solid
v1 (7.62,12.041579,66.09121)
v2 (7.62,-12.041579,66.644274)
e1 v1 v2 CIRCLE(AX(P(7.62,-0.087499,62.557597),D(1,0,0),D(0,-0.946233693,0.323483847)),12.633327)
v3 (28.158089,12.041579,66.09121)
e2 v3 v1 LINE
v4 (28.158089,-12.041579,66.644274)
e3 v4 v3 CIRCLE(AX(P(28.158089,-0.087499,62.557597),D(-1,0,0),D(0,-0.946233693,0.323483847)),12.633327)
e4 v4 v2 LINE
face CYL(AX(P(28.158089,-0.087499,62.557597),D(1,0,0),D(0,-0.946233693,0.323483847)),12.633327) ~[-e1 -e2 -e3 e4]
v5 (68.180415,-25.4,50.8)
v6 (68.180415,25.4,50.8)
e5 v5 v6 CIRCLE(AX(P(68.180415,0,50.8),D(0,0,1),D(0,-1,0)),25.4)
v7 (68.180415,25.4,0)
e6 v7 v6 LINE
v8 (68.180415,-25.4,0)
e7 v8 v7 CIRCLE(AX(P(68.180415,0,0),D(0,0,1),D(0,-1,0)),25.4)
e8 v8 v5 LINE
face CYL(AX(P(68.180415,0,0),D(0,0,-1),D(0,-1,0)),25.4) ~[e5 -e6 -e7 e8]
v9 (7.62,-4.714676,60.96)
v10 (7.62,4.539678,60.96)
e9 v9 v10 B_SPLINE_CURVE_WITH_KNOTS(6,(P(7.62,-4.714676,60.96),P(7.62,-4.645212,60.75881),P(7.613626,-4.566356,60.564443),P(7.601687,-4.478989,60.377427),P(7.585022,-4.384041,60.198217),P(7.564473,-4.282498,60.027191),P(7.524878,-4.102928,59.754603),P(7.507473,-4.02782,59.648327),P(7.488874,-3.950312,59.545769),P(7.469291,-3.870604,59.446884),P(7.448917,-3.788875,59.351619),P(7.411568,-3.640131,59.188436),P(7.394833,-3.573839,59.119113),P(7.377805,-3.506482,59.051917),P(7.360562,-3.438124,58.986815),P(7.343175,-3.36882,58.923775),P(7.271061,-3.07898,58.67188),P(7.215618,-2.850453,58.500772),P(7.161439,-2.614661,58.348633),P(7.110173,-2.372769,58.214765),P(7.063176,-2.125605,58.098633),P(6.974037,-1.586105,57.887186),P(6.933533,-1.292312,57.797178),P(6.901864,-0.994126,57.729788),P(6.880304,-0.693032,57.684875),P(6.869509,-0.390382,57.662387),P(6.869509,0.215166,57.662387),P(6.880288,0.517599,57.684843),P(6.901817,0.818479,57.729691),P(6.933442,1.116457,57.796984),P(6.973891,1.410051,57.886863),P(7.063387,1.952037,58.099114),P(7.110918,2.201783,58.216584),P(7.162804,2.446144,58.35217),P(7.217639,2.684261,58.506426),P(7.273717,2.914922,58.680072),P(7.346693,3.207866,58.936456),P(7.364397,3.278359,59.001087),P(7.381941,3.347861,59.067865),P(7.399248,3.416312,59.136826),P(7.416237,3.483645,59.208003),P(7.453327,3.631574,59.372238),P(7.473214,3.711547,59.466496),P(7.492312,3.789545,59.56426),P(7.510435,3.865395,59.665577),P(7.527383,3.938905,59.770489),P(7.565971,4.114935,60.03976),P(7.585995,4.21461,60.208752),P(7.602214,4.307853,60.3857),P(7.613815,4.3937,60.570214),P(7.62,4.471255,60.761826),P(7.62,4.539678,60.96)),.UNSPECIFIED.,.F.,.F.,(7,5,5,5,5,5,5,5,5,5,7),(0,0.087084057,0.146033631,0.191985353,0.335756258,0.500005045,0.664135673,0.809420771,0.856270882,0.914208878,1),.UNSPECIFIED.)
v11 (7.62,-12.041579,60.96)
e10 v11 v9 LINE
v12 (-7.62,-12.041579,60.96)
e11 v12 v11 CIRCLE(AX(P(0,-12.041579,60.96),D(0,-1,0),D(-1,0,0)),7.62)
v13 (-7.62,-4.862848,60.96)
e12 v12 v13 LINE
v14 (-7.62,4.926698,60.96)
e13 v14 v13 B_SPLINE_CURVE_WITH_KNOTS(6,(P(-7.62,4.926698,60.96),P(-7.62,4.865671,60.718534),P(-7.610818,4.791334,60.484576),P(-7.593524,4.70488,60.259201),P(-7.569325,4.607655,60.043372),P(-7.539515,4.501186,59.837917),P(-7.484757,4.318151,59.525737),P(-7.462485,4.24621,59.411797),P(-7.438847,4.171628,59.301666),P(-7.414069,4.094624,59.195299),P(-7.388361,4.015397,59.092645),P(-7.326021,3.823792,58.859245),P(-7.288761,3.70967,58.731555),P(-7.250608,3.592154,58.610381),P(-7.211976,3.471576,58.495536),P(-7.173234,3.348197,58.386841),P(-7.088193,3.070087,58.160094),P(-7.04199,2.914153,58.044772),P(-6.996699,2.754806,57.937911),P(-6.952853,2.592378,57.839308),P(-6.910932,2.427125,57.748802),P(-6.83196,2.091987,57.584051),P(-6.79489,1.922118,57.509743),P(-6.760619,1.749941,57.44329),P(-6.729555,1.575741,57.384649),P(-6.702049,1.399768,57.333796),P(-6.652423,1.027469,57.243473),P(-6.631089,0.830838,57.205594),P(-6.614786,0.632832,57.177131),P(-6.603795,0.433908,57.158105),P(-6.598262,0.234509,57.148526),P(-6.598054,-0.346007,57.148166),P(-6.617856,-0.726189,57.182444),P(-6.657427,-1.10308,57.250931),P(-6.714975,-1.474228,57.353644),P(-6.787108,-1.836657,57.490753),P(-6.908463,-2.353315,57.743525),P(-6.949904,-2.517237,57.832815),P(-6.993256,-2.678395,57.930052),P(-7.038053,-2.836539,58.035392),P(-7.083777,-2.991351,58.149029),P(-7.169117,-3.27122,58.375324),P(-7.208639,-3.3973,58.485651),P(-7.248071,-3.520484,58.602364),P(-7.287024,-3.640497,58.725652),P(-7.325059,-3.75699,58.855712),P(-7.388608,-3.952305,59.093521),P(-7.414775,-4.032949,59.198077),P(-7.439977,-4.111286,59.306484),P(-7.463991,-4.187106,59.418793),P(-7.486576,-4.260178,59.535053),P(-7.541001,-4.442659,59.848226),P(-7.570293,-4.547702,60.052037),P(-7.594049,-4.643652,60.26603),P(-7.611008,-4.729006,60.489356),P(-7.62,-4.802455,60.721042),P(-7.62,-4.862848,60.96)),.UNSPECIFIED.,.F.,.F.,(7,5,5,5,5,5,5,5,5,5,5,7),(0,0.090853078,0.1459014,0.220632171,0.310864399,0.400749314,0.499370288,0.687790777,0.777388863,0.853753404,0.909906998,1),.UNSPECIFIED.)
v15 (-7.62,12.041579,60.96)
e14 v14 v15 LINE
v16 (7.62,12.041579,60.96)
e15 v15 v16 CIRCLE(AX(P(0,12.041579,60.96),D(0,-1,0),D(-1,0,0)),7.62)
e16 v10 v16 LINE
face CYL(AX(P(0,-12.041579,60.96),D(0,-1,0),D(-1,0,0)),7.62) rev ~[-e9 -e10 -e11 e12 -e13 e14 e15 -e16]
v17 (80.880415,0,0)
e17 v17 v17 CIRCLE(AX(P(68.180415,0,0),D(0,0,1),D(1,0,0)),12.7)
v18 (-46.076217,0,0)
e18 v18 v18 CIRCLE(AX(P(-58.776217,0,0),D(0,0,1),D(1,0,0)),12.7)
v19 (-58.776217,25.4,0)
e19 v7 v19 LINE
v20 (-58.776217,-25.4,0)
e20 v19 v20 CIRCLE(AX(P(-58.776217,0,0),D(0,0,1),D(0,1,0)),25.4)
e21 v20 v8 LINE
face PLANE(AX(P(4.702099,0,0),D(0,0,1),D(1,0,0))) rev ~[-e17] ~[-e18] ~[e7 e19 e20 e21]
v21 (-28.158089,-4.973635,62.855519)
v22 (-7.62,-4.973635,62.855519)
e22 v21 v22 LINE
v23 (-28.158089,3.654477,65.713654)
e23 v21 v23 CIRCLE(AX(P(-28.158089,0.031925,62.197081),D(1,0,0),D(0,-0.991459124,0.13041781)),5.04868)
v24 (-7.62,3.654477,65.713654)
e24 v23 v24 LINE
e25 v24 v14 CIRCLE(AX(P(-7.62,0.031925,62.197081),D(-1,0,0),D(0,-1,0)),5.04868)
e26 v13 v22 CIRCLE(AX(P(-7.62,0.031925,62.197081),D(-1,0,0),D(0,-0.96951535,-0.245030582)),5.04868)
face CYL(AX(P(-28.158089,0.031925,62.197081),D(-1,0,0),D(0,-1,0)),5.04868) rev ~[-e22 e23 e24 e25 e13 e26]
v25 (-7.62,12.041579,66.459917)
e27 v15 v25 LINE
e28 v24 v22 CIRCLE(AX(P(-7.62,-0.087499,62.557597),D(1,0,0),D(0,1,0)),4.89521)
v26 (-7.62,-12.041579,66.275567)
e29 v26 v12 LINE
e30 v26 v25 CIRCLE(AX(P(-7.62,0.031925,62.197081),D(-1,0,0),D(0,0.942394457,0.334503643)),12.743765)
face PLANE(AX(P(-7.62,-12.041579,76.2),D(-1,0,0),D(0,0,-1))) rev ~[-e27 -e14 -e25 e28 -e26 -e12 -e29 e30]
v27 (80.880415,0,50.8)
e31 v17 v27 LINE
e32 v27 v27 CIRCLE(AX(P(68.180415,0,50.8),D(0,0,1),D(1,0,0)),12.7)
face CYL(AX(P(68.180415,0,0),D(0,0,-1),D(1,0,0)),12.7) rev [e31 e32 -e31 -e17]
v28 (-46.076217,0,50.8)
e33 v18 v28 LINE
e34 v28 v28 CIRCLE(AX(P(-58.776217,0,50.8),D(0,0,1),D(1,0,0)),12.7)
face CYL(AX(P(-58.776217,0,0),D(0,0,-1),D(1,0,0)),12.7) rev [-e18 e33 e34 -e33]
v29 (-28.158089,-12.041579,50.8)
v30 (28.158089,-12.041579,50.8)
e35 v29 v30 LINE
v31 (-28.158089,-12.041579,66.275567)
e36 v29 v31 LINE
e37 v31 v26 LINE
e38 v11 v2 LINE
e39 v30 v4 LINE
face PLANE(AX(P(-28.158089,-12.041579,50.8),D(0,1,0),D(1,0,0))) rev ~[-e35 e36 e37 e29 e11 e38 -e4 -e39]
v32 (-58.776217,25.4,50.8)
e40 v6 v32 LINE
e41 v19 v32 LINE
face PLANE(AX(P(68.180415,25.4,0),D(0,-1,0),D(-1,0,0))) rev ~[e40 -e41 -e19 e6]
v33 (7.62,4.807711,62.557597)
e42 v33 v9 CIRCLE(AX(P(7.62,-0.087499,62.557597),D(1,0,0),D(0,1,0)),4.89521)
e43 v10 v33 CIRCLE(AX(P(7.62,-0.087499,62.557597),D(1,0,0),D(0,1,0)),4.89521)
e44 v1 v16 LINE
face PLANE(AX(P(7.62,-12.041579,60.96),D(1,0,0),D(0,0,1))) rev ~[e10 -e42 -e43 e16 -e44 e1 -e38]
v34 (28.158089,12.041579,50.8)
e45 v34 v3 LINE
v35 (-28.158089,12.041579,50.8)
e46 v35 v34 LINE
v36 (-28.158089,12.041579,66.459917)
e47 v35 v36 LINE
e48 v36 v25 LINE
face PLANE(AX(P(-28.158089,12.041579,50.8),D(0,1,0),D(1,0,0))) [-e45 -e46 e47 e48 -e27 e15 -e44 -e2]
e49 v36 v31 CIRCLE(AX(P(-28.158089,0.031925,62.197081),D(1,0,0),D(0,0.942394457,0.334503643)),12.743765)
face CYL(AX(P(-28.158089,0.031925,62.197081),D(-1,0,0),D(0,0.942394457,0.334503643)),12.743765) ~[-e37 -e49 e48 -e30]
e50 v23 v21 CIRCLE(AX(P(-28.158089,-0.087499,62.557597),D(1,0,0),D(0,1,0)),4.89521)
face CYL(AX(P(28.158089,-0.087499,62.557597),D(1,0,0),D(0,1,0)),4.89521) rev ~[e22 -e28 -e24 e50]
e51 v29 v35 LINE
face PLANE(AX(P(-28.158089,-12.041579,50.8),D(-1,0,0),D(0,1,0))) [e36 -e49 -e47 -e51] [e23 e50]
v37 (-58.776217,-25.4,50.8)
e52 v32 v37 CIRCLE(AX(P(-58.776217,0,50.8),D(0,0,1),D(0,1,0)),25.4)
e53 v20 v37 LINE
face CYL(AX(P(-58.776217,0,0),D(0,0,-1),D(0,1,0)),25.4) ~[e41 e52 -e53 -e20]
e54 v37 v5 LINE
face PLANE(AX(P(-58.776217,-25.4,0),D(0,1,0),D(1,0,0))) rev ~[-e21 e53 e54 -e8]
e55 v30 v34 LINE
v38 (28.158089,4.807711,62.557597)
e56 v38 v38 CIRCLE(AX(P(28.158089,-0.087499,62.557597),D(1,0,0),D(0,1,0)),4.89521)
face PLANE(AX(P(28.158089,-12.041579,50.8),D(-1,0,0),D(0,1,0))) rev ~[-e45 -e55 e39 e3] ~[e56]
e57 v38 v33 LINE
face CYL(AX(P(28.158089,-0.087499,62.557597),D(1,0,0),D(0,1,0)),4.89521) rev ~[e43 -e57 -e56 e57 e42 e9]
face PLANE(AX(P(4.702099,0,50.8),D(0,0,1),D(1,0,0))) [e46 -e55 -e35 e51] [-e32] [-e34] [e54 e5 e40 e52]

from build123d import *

# Parameters (mm, degrees)
F0_R      = 12.7
F1_DEPTH  = 50.8
F2_W      = 56.316178
F2_H      = 24.083158
F3_DEPTH  = 25.4
F5_DEPTH  = 34.544
F8_DEPTH  = 25.4
F7_R      = 4.89521
F9_DEPTH  = 127
F6_R      = 5.04868
F10_DEPTH = 25.4


with BuildPart() as f1:
    # F0 (on Top) → F1 (new body)
    with BuildSketch(Plane.XY):
        with BuildLine():
            Line((68.180415, 25.4), (-58.776217, 25.4))
            ThreePointArc((-58.776217, 25.4), (-84.176217, 0), (-58.776217, -25.4))
            Line((-58.776217, -25.4), (68.180415, -25.4))
            ThreePointArc((68.180415, -25.4), (93.580415, 0), (68.180415, 25.4))
        make_face()
        with Locations((-58.776217, 0)):
            Circle(F0_R, mode=Mode.SUBTRACT)
        with Locations((68.180415, 0)):
            Circle(F0_R, mode=Mode.SUBTRACT)
    extrude(amount=F1_DEPTH)

    # F2 (on face) → F3 (join)
    with BuildSketch(Plane.XY.offset(50.8)):
        Rectangle(F2_W, F2_H)
    extrude(amount=F3_DEPTH)

    # F4 (on face) → F5 (cut)
    with BuildSketch(Plane.XZ.offset(12.041579)):
        with BuildLine():
            Line((-7.62, 76.2), (-7.62, 60.96))
            ThreePointArc((-7.62, 60.96), (0, 53.34), (7.62, 60.96))
            Line((7.62, 60.96), (7.62, 76.2))
            Line((7.62, 76.2), (-7.62, 76.2))
        make_face()
    extrude(amount=-F5_DEPTH, mode=Mode.SUBTRACT)

    # F7 (on face) → F8 (cut)
    with BuildSketch(Plane.YZ.offset(28.158089)):
        with BuildLine():
            ThreePointArc((-12.041579, 66.644274), (0.202546, 75.187594), (12.041579, 66.09121))
            Line((12.041579, 66.09121), (12.041579, 76.2))
            Line((12.041579, 76.2), (-12.041579, 76.2))
            Line((-12.041579, 76.2), (-12.041579, 66.644274))
        make_face()
    extrude(amount=-F8_DEPTH, mode=Mode.SUBTRACT)

    # F7 (on face) → F9 (cut)
    with BuildSketch(Plane.YZ.offset(28.158089)):
        with Locations((-0.087499, 62.557597)):
            Circle(F7_R)
    extrude(amount=-F9_DEPTH, mode=Mode.SUBTRACT)

    # F6 (on face) → F10 (cut)
    with BuildSketch(Plane(origin=(-28.158089, 0, 0), x_dir=(0, -1, 0), z_dir=(-1, 0, 0))):
        with BuildLine():
            ThreePointArc((-12.041579, 66.459917), (0.065622, 74.940473), (12.041579, 66.275567))
            Line((12.041579, 66.275567), (12.041579, 76.2))
            Line((12.041579, 76.2), (-12.041579, 76.2))
            Line((-12.041579, 76.2), (-12.041579, 66.459917))
        make_face()
        with Locations((-0.031925, 62.197081)):
            Circle(F6_R)
    extrude(amount=-F10_DEPTH, mode=Mode.SUBTRACT)


solid = f1.part
